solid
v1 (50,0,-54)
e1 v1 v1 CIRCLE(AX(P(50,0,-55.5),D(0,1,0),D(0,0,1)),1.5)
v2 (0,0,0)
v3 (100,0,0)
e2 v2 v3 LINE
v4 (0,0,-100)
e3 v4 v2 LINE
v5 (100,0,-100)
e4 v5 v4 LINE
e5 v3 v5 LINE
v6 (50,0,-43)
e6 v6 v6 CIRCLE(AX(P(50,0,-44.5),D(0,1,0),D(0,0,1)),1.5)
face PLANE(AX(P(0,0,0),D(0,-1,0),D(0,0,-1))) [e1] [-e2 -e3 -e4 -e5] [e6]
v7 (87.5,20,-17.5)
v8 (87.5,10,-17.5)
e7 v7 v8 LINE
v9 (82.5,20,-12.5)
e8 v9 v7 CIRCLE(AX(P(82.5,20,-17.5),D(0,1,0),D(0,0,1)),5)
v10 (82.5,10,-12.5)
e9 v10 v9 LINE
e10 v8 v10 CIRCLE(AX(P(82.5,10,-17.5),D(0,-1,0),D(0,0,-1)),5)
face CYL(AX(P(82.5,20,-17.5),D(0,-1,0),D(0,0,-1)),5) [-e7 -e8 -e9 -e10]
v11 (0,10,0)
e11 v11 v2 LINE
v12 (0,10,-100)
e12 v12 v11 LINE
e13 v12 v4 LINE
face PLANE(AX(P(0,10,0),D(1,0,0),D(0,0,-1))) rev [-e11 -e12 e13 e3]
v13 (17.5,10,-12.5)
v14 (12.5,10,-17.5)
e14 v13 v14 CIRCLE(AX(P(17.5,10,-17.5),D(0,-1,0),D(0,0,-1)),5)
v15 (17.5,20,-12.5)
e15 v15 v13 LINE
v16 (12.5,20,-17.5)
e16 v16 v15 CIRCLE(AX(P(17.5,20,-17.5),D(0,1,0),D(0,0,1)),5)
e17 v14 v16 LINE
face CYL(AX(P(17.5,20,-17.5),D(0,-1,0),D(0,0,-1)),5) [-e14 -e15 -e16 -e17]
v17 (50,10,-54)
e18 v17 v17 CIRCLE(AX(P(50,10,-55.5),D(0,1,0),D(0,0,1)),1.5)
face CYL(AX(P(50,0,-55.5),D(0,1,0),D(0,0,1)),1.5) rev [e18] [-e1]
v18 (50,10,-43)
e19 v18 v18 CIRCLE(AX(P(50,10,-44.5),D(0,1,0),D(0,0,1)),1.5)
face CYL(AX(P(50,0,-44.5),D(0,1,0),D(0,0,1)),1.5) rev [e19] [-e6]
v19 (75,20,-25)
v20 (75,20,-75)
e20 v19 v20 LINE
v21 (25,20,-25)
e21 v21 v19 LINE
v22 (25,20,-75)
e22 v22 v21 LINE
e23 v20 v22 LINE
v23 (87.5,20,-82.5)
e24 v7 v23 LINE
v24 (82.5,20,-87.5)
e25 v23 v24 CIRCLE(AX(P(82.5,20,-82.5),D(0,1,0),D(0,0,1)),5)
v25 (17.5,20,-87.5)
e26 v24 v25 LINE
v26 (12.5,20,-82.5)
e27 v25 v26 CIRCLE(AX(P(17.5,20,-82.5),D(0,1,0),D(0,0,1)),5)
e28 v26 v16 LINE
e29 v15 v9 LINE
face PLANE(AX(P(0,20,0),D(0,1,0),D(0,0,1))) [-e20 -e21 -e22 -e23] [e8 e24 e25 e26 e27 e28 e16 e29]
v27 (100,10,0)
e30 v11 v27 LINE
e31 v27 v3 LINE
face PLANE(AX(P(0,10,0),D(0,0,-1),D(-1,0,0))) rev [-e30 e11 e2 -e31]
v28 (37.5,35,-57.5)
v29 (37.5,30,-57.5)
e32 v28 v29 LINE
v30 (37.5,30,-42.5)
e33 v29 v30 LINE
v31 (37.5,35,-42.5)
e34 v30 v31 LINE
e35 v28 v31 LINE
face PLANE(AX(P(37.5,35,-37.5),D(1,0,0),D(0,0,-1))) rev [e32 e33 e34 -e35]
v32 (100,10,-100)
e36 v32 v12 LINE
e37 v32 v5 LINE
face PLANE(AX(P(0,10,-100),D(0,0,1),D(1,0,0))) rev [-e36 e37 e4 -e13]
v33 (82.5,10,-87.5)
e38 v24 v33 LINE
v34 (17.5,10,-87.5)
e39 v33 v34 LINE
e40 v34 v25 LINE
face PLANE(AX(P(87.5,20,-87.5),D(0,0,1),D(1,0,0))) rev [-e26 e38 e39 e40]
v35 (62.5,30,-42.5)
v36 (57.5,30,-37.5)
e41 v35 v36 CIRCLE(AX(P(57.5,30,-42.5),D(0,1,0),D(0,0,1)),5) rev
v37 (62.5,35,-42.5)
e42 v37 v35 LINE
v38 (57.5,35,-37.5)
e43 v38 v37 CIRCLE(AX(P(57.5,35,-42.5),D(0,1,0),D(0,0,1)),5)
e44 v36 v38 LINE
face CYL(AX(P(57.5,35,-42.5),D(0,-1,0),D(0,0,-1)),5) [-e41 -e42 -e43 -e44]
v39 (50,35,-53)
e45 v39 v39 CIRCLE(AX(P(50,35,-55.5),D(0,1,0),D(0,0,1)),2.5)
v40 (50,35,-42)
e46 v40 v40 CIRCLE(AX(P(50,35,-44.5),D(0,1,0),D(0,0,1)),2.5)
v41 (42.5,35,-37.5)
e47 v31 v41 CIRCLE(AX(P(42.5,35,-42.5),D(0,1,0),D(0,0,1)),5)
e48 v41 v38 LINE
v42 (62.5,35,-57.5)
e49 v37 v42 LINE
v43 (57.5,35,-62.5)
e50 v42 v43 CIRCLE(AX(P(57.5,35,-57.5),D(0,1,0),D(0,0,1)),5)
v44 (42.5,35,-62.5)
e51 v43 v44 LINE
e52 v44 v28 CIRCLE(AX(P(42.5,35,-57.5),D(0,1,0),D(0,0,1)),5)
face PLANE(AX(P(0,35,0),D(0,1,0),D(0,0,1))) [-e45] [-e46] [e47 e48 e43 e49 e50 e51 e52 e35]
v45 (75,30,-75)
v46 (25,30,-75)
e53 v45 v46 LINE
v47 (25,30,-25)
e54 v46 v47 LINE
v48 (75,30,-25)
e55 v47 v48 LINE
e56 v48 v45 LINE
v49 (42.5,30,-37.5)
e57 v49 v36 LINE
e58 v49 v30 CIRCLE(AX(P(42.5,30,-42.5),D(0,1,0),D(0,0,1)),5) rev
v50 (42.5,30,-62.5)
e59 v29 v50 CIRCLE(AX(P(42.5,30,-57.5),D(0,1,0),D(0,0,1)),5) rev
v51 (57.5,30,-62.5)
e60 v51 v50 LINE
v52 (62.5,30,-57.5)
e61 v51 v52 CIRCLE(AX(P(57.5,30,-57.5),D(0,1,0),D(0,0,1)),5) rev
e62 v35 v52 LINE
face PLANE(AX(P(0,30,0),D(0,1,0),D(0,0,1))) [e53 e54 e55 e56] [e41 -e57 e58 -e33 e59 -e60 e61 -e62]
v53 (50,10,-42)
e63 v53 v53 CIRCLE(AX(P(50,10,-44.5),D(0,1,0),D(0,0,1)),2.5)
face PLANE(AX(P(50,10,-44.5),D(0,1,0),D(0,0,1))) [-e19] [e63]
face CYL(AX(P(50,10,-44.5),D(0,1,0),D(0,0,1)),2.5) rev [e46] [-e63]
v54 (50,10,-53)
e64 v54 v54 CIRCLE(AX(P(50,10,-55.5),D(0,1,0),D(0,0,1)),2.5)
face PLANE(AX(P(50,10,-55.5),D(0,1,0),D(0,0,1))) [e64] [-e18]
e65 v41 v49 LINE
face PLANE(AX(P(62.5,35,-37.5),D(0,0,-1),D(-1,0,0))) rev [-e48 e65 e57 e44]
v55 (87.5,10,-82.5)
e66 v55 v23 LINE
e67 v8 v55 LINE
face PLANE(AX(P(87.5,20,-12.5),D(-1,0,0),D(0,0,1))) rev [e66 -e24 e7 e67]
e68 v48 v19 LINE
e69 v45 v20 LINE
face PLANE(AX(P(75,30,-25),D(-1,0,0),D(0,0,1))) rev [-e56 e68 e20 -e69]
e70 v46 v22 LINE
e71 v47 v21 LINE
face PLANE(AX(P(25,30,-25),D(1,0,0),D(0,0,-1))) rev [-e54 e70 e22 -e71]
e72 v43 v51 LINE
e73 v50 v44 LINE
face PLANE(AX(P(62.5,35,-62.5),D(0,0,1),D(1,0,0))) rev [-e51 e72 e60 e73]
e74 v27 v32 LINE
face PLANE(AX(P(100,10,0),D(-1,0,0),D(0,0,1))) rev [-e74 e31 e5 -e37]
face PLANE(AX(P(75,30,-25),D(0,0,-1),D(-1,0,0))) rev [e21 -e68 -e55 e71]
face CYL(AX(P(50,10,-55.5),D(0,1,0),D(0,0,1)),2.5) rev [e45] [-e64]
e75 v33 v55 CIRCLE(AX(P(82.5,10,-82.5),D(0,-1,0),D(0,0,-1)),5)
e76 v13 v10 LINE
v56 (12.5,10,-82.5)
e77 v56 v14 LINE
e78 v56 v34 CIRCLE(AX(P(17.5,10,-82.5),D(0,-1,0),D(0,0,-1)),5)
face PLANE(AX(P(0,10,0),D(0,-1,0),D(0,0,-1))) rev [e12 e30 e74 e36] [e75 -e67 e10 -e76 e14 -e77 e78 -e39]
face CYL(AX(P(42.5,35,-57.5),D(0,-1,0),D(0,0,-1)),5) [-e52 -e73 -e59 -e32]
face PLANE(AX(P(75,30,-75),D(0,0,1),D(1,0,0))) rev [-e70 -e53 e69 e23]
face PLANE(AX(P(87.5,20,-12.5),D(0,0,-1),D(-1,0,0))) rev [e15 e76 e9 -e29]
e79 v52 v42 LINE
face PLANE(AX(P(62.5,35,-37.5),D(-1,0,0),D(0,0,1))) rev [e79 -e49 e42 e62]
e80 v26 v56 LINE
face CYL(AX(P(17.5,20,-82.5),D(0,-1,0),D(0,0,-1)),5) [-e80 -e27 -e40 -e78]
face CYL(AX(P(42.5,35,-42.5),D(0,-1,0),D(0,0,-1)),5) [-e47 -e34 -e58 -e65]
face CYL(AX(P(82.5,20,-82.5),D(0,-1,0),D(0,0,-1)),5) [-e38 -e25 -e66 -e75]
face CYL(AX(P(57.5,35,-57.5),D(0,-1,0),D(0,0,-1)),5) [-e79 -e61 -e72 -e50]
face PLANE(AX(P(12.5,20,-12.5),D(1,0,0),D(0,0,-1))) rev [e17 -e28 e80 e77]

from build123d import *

# Parameters (mm, degrees)
SKETCH1_W           = 100
SKETCH1_H           = 100
BOSS_EXTRUDE1_DEPTH = 10
SKETCH2_W           = 75
SKETCH2_H           = 75
BOSS_EXTRUDE2_DEPTH = 10
SKETCH3_W           = 50
SKETCH3_H           = 50
BOSS_EXTRUDE3_DEPTH = 10
SKETCH4_W           = 25
SKETCH4_H           = 25
BOSS_EXTRUDE4_DEPTH = 5
SKETCH5_R           = 2.5
CUT_EXTRUDE1_DEPTH  = 25
SKETCH6_R           = 1.5
CUT_EXTRUDE2_DEPTH  = 10
FILLET2_R           = 5


with BuildPart() as part:
    # Sketch1 → Boss-Extrude1 (new body)
    with BuildSketch(Plane(origin=(0, 0, 0), x_dir=(1, 0, 0), z_dir=(0, 1, 0))):
        with Locations((50, 50)):
            Rectangle(SKETCH1_W, SKETCH1_H)
    extrude(amount=BOSS_EXTRUDE1_DEPTH)

    # Sketch2 → Boss-Extrude2 (add)
    with BuildSketch(Plane(origin=(0, 10, 0), x_dir=(1, 0, 0), z_dir=(0, 1, 0))):
        with Locations((50, 50)):
            Rectangle(SKETCH2_W, SKETCH2_H)
    extrude(amount=BOSS_EXTRUDE2_DEPTH)

    # Sketch3 → Boss-Extrude3 (add)
    with BuildSketch(Plane(origin=(0, 20, 0), x_dir=(1, 0, 0), z_dir=(0, 1, 0))):
        with Locations((50, 50)):
            Rectangle(SKETCH3_W, SKETCH3_H)
    extrude(amount=BOSS_EXTRUDE3_DEPTH)

    # Sketch4 → Boss-Extrude4 (add)
    with BuildSketch(Plane(origin=(0, 30, 0), x_dir=(1, 0, 0), z_dir=(0, 1, 0))):
        with Locations((50, 50)):
            Rectangle(SKETCH4_W, SKETCH4_H)
    extrude(amount=BOSS_EXTRUDE4_DEPTH)

    # Sketch5 → Cut-Extrude1 (cut)
    with BuildSketch(Plane(origin=(0, 35, 0), x_dir=(1, 0, 0), z_dir=(0, 1, 0))):
        with Locations(Location((50, 55.5, 0), (0, 0, 270))):
            Circle(SKETCH5_R)
        with Locations(Location((50, 44.5, 0), (0, 0, 270))):
            Circle(SKETCH5_R)
    extrude(amount=-CUT_EXTRUDE1_DEPTH, mode=Mode.SUBTRACT)

    # Sketch6 → Cut-Extrude2 (cut)
    with BuildSketch(Plane(origin=(0, 10, 0), x_dir=(1, 0, 0), z_dir=(0, 1, 0))):
        with Locations(Location((50, 55.5, 0), (0, 0, 270))):
            Circle(SKETCH6_R)
        with Locations(Location((50, 44.5, 0), (0, 0, 270))):
            Circle(SKETCH6_R)
    extrude(amount=-CUT_EXTRUDE2_DEPTH, mode=Mode.SUBTRACT)

    # Fillet2
    fillet2_edges = [part.edges().sort_by_distance(p)[0] for p in [
        (12.5, 15, -87.5),
        (12.5, 15, -12.5),
        (87.5, 15, -12.5),
        (87.5, 15, -87.5),
        (37.5, 32.5, -62.5),
        (37.5, 32.5, -37.5),
        (62.5, 32.5, -37.5),
        (62.5, 32.5, -62.5),
    ]]
    fillet(fillet2_edges, radius=FILLET2_R)


solid = part.part
